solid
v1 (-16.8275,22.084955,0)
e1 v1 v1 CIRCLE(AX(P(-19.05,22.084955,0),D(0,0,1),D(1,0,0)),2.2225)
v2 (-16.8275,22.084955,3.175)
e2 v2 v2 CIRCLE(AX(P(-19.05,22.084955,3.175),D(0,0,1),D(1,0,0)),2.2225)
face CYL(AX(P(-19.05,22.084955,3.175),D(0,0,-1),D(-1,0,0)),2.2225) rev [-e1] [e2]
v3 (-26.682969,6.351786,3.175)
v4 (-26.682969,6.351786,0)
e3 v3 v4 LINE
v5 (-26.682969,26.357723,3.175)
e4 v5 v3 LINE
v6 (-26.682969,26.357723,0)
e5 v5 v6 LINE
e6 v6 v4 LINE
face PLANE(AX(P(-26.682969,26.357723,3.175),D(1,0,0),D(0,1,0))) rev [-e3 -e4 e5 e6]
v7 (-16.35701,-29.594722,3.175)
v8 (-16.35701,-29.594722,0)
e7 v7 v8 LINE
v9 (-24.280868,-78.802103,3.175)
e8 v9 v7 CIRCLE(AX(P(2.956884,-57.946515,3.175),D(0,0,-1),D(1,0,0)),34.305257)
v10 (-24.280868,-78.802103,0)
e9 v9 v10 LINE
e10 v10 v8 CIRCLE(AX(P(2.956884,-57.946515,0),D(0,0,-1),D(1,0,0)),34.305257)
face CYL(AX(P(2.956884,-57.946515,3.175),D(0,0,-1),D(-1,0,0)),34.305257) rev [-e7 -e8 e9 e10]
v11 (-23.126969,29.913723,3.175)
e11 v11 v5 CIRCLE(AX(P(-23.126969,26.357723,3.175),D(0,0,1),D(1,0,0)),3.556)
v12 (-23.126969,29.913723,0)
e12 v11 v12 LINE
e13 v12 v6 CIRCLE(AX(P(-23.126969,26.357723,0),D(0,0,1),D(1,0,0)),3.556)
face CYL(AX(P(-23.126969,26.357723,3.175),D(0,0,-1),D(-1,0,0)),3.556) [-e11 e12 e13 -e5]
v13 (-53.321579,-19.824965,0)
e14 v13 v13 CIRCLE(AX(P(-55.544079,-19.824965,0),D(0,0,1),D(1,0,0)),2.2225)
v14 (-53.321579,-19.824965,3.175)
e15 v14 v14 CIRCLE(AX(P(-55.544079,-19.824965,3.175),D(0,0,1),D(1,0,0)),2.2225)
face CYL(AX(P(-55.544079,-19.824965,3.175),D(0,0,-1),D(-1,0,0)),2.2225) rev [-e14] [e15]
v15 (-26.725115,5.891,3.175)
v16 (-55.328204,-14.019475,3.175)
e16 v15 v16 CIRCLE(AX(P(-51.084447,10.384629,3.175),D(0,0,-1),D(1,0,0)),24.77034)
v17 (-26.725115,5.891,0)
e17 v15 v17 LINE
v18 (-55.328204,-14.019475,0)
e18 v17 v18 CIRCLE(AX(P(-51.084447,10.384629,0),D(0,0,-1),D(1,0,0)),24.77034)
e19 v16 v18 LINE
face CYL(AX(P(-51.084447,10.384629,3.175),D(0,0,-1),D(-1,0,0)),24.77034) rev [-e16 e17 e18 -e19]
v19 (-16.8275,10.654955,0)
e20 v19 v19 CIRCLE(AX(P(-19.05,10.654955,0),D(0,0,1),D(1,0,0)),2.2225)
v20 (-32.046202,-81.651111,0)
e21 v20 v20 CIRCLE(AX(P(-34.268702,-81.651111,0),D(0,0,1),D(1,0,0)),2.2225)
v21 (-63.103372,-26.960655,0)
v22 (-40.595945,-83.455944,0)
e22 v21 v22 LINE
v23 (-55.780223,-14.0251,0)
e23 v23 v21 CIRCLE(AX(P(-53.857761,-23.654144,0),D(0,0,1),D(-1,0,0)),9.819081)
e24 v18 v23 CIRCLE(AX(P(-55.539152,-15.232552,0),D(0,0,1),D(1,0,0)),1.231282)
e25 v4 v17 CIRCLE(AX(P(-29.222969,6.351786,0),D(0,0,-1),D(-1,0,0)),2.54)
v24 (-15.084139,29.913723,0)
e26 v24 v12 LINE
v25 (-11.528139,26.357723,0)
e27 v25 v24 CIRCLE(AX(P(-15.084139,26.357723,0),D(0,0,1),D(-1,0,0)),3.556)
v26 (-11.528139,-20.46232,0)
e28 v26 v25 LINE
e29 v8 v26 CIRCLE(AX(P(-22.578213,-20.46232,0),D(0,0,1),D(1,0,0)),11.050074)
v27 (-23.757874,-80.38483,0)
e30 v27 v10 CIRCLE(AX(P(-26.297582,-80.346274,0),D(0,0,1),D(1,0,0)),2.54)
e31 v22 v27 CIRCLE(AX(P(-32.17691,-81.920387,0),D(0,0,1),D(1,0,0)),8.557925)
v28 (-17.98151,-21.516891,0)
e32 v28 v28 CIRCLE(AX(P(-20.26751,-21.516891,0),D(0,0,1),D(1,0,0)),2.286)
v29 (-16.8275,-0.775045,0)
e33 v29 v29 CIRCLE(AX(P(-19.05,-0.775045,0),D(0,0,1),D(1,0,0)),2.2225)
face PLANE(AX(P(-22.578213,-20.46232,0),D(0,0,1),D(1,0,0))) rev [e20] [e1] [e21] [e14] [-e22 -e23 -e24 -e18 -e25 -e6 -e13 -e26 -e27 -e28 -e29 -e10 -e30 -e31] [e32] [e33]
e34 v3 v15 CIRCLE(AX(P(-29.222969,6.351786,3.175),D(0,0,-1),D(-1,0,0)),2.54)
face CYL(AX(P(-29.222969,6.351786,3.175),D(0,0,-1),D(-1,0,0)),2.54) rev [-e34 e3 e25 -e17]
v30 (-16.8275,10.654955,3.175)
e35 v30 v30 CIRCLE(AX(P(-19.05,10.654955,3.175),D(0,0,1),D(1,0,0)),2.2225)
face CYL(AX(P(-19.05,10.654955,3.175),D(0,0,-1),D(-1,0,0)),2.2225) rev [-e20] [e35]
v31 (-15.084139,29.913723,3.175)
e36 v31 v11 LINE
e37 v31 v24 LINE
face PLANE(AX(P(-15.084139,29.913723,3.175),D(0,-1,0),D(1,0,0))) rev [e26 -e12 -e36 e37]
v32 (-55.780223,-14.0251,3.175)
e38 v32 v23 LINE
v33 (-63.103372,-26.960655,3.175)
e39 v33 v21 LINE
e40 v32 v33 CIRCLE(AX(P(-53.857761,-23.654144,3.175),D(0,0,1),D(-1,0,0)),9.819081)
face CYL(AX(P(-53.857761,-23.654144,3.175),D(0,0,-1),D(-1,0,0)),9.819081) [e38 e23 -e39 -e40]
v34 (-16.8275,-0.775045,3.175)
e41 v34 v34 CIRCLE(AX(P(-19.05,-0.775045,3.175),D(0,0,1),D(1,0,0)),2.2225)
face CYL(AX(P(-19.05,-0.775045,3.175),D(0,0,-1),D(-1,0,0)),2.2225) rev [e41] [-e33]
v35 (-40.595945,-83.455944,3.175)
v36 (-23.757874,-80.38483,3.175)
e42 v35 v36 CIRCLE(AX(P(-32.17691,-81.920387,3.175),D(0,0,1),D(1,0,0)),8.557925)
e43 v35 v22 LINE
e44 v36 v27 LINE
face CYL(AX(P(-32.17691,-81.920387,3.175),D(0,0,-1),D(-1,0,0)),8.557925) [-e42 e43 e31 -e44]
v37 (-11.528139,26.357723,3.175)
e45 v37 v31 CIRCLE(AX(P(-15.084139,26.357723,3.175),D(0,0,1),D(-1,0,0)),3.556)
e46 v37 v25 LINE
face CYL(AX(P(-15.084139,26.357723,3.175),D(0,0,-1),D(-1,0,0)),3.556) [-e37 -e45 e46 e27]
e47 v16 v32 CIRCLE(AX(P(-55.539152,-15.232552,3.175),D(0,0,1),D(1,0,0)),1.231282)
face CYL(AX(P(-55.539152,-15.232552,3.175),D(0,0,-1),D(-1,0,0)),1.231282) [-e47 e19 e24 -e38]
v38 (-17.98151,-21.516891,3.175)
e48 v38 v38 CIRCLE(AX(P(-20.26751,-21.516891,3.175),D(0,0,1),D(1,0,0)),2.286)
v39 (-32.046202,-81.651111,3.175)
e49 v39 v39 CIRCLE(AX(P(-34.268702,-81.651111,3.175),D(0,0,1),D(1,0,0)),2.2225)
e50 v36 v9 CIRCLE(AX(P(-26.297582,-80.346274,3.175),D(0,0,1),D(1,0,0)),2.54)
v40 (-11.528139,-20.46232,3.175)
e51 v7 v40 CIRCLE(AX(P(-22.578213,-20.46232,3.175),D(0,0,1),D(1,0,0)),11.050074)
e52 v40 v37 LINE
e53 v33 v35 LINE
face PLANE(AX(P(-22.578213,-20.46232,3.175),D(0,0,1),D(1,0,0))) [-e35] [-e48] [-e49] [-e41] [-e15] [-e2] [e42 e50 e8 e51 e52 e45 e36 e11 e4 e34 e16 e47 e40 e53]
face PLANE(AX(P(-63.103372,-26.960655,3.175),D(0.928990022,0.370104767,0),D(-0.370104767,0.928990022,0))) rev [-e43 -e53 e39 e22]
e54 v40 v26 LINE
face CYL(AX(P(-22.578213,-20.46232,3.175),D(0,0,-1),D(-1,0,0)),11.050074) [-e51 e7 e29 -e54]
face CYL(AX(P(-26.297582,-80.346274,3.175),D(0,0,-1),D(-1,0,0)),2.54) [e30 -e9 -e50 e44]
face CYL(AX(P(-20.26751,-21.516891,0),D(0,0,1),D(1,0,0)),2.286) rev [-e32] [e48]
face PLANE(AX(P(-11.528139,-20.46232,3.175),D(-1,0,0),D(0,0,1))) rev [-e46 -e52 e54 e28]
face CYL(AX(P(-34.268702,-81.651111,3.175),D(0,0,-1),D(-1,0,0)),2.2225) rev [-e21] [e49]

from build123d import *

# Parameters (mm, degrees)
SKETCH1_R           = 2.2225
BOSS_EXTRUDE1_DEPTH = 3.175
SKETCH2_R           = 2.286
CUT_EXTRUDE1_DEPTH  = 111.684893933


with BuildPart() as part:
    # Sketch1 → Boss-Extrude1 (new body)
    with BuildSketch(Plane.XY):
        with BuildLine():
            Line((-26.682968963, 26.357722587), (-26.682968963, 6.351785872))
            ThreePointArc((-26.682968963, 6.351785872), (-26.693527307, 6.120431356), (-26.725114563, 5.891000243))
            ThreePointArc((-26.725114563, 5.891000243), (-36.932915208, -9.945248539), (-55.328203965, -14.019474973))
            ThreePointArc((-55.328203965, -14.019474973), (-55.554473877, -14.001365453), (-55.780223055, -14.025100158))
            ThreePointArc((-55.780223055, -14.025100158), (-62.402560981, -18.816713415), (-63.103372405, -26.960654757))
            Line((-63.103372405, -26.960654757), (-40.595944625, -83.455943866))
            ThreePointArc((-40.595944625, -83.455943866), (-30.641352377, -90.339421853), (-23.75787439, -80.384829605))
            ThreePointArc((-23.75787439, -80.384829605), (-23.88583974, -79.549342433), (-24.280867854, -78.802103023))
            ThreePointArc((-24.280867854, -78.802103023), (-30.912062559, -52.492603109), (-16.357010265, -29.594721511))
            ThreePointArc((-16.357010265, -29.594721511), (-12.809669567, -25.627558214), (-11.528139151, -20.46231955))
            Line((-11.528139151, -20.46231955), (-11.528139151, 26.357722587))
            ThreePointArc((-11.528139151, 26.357722587), (-12.569667438, 28.872194301), (-15.084139151, 29.913722587))
            Line((-15.084139151, 29.913722587), (-23.126968963, 29.913722587))
            ThreePointArc((-23.126968963, 29.913722587), (-25.641440677, 28.872194301), (-26.682968963, 26.357722587))
        make_face()
        with Locations((-55.544078679, -19.824964902)):
            Circle(SKETCH1_R, mode=Mode.SUBTRACT)
        with Locations((-19.05, 22.084955235)):
            Circle(SKETCH1_R, mode=Mode.SUBTRACT)
        with Locations((-19.05, -0.775044765)):
            Circle(SKETCH1_R, mode=Mode.SUBTRACT)
        with Locations((-34.268702177, -81.651111456)):
            Circle(SKETCH1_R, mode=Mode.SUBTRACT)
        with Locations((-19.05, 10.654955235)):
            Circle(SKETCH1_R, mode=Mode.SUBTRACT)
    extrude(amount=BOSS_EXTRUDE1_DEPTH)

    # Sketch2 → Cut-Extrude1 (cut, through all)
    with BuildSketch(Plane.XY.offset(3.175)):
        with Locations((-20.267510202, -21.516890861)):
            Circle(SKETCH2_R)
    extrude(amount=-CUT_EXTRUDE1_DEPTH, mode=Mode.SUBTRACT)


solid = part.part
